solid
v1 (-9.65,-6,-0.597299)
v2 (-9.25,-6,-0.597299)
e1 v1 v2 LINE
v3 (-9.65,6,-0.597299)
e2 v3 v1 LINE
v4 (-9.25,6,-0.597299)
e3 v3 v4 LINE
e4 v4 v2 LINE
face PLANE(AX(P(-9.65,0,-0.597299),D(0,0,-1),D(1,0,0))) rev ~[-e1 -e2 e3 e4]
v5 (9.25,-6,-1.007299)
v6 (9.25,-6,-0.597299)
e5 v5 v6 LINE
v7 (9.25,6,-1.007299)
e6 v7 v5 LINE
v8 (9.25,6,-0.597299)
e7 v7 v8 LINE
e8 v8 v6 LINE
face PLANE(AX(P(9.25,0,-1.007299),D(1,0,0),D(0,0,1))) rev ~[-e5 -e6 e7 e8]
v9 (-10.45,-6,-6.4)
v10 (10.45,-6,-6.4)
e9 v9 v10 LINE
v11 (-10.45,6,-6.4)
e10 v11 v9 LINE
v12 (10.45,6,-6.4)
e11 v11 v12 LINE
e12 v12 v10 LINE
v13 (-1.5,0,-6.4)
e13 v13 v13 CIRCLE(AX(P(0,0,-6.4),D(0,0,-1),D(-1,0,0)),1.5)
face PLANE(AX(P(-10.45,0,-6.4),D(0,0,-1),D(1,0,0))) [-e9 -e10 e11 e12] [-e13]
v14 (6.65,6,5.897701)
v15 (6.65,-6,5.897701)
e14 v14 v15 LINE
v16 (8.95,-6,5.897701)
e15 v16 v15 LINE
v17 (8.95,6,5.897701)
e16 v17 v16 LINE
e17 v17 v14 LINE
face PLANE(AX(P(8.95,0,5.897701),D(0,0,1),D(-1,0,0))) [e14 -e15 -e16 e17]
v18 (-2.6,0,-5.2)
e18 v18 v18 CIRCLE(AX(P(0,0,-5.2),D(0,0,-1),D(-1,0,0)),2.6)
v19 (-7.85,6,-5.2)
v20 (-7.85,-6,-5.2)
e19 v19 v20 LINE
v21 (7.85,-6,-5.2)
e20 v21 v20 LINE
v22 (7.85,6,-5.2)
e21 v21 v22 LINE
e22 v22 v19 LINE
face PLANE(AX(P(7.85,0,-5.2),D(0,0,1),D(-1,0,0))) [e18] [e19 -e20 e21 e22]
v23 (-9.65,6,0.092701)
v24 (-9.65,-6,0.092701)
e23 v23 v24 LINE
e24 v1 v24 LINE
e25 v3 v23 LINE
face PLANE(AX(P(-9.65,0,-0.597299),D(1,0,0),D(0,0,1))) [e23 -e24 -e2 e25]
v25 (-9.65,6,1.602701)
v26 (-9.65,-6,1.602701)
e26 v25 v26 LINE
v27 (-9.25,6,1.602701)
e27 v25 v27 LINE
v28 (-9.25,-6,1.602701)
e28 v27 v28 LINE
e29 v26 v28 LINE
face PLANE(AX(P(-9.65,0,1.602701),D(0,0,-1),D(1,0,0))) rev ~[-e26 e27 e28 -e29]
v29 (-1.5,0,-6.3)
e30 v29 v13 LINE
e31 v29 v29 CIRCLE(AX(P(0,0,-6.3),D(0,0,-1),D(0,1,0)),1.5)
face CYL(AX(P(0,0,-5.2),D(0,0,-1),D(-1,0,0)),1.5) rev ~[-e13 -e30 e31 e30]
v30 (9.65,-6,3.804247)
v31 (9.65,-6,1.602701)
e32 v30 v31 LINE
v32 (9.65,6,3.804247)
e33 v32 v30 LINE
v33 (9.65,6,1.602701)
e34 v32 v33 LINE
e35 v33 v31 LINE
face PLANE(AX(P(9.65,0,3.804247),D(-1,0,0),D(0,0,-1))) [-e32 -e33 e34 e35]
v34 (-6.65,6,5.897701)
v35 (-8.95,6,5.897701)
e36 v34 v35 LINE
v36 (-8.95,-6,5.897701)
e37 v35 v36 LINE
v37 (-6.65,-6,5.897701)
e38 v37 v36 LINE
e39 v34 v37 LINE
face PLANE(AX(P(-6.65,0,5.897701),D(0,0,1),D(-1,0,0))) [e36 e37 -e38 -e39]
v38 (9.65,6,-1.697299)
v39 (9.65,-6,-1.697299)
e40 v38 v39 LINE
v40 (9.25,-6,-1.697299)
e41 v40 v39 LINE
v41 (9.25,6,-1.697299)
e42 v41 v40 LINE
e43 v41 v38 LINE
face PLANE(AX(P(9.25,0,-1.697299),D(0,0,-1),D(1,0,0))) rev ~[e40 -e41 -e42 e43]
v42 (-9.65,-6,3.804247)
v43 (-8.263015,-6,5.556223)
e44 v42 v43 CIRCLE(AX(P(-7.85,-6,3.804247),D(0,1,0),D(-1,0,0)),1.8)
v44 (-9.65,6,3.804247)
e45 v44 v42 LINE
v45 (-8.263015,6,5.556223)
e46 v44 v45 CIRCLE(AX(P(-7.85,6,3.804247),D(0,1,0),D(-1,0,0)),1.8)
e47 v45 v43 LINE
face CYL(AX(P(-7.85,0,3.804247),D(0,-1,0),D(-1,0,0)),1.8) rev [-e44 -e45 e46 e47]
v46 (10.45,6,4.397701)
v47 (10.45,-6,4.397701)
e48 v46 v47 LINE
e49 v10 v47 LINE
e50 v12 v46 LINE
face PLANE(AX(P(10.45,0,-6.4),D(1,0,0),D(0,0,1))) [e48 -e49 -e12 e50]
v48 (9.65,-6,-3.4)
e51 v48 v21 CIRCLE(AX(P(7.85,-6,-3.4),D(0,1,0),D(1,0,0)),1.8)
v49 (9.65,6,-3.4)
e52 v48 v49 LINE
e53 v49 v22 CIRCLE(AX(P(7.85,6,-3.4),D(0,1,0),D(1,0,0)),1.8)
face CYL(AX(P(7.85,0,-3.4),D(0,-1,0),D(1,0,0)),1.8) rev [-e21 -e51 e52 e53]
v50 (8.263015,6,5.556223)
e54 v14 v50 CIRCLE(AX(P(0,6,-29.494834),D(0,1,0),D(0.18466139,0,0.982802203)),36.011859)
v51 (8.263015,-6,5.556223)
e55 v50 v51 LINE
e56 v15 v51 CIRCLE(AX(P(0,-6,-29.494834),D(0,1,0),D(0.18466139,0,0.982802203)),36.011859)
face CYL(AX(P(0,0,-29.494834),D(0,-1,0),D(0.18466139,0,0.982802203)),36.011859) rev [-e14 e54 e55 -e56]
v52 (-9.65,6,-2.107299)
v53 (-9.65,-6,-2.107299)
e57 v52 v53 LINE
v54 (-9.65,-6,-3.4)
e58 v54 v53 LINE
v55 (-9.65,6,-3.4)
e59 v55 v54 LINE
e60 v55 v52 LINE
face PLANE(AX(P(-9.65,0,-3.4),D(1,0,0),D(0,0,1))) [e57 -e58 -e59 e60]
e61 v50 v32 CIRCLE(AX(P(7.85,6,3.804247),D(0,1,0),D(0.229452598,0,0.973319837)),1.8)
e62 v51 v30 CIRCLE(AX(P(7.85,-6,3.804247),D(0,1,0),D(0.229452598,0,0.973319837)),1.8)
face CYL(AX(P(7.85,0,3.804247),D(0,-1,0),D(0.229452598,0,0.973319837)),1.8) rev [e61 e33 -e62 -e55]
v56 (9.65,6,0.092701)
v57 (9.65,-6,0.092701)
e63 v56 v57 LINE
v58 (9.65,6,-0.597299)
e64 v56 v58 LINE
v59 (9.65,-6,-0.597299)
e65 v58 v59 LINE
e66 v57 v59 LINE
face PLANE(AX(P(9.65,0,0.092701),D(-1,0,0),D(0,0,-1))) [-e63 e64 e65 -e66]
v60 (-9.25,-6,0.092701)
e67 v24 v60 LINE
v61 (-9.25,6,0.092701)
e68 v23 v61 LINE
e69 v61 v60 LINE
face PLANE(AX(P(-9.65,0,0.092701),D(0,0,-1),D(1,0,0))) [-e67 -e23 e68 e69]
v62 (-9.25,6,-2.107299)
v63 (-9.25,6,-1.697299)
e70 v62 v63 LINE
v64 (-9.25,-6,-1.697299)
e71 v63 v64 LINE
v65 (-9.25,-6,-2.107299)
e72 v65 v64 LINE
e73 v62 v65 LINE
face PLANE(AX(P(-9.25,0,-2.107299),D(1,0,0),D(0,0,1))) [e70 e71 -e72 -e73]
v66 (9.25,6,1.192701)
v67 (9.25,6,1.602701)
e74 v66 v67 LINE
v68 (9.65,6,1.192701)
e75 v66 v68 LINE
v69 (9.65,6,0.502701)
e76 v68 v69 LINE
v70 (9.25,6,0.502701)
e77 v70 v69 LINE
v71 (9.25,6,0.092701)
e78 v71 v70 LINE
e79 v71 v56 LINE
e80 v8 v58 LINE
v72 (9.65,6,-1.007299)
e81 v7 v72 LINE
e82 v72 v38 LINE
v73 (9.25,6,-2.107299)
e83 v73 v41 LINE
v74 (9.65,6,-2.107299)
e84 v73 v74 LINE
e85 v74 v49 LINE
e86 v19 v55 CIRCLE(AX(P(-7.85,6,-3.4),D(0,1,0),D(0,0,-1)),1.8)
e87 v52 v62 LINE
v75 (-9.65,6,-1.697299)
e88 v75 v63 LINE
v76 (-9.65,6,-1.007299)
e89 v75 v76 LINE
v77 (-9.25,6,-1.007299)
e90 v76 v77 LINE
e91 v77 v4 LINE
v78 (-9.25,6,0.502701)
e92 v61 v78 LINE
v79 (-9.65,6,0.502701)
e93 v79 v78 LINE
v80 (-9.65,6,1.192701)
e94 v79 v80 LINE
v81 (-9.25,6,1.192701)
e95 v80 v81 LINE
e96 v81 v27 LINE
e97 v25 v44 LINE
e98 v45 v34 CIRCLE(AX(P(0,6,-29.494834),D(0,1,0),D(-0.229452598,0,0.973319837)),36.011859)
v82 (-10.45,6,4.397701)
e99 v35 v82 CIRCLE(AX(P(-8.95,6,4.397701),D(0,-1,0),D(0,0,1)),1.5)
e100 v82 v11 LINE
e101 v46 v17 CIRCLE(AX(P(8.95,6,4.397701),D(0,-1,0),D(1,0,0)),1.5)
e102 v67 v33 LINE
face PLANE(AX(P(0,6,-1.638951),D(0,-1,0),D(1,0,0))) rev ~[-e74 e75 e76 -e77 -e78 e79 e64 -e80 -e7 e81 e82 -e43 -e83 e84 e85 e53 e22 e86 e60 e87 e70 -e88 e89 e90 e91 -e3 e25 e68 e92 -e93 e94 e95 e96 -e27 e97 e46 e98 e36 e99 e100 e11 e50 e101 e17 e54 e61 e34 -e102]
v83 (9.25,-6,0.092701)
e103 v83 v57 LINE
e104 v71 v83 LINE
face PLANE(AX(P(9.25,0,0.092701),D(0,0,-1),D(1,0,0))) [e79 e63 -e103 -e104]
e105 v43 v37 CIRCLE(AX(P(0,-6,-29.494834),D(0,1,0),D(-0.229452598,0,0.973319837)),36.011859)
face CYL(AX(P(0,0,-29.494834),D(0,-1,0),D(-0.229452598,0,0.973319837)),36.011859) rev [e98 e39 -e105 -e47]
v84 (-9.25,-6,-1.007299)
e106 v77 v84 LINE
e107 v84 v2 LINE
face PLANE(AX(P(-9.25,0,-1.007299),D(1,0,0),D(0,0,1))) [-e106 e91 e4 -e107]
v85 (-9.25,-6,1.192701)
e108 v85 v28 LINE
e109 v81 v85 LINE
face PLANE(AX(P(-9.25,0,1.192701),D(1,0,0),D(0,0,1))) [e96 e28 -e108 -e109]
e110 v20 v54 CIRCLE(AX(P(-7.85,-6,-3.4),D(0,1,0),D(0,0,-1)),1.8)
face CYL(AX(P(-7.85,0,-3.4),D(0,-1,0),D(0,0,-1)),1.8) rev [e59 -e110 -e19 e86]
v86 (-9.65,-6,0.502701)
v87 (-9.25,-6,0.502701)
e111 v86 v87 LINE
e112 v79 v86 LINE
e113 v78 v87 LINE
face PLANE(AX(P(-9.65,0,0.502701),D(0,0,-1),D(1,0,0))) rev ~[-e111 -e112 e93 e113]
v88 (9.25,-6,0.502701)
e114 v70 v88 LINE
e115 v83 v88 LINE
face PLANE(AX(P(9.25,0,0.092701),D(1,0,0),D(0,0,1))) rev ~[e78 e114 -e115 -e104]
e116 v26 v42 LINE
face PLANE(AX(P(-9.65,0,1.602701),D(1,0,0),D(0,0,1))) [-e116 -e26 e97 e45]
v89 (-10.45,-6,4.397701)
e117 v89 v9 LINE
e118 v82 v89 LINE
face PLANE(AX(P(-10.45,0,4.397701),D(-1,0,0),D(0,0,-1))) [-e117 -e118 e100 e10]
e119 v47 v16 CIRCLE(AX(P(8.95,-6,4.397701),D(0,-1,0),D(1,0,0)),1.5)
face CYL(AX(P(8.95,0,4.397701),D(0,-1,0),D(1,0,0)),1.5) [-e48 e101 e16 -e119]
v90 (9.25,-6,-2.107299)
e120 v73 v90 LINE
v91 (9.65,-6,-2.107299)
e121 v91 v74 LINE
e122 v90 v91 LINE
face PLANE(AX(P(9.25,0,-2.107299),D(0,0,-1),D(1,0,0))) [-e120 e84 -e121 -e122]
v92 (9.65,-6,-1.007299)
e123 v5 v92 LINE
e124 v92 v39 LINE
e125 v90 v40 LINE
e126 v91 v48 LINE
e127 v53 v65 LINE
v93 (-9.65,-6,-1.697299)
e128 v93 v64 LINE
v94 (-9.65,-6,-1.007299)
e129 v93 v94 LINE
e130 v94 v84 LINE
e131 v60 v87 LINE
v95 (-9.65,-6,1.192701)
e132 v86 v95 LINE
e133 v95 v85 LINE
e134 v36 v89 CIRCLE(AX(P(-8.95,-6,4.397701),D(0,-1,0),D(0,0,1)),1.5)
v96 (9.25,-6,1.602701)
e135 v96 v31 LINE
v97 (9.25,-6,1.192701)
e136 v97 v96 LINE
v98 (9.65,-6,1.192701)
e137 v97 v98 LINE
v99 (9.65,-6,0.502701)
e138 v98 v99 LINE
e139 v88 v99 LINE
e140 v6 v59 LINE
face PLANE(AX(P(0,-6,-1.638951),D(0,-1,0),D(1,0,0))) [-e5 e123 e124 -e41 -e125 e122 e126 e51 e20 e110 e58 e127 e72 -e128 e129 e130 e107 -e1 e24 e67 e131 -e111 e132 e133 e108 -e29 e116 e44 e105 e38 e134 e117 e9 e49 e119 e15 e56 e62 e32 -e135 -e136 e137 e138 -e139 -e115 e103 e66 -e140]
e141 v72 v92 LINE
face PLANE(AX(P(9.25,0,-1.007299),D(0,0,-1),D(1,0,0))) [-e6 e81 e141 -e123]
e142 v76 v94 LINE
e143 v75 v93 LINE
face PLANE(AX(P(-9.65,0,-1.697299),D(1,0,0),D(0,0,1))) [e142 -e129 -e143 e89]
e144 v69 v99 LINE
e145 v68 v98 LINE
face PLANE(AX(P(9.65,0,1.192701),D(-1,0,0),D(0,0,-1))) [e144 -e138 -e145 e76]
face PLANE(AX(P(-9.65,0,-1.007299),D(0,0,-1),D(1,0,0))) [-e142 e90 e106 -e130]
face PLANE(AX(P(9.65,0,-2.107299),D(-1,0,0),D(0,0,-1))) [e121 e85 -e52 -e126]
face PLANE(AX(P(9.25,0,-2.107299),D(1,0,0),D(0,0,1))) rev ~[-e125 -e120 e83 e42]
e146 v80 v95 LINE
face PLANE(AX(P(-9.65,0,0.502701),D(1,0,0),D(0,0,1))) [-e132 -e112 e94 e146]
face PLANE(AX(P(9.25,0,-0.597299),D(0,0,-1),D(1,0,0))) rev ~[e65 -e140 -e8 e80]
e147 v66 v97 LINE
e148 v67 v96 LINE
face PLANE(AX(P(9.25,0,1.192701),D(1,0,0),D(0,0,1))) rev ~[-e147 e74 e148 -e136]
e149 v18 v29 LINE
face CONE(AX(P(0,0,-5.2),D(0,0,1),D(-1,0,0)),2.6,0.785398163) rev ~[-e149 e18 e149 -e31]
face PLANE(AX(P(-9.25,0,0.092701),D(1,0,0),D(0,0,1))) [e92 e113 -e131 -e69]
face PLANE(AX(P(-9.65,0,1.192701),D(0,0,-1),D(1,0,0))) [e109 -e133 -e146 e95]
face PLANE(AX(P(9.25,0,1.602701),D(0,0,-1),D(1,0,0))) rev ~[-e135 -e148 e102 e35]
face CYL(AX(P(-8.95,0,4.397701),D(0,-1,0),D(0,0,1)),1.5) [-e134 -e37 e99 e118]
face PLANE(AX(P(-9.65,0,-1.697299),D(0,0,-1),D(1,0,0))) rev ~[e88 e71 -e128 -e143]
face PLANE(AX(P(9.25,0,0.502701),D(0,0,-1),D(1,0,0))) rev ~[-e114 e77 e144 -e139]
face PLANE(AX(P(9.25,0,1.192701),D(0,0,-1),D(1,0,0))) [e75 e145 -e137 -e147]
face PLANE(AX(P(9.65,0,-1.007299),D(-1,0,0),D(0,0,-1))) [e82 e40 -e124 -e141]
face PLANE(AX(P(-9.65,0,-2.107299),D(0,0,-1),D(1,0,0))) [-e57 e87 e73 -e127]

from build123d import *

# Parameters (mm, degrees)
F0_W           = 0.4
F0_H           = 0.41
F1_DEPTH       = 6
F1_DEPTH_BACK  = 6
F3_D           = 3
F3_CSINK_D     = 5.2
F3_CSINK_ANGLE = 90


with BuildPart() as f1:
    # F0 (on Front) → F1 (new body, two sides)
    with BuildSketch(Plane.XZ) as f1_sk:
        with BuildLine():
            Line((7.85, -5.2), (-7.85, -5.2))
            ThreePointArc((-7.85, -5.2), (-9.1227922061, -4.6727922061), (-9.65, -3.4))
            Line((-9.65, -3.4), (-9.65, -2.1072993897))
            Line((-9.65, -2.1072993897), (-10.05, -2.1072993897))
            Line((-10.05, -2.1072993897), (-10.05, -1.6972993897))
            Line((-10.05, -1.6972993897), (-9.65, -1.6972993897))
            Line((-9.65, -1.6972993897), (-9.65, -1.0072993897))
            Line((-9.65, -1.0072993897), (-10.05, -1.0072993897))
            Line((-10.05, -1.0072993897), (-10.05, -0.5972993897))
            Line((-10.05, -0.5972993897), (-9.65, -0.5972993897))
            Line((-9.65, -0.5972993897), (-9.65, 0.0927006103))
            Line((-9.65, 0.0927006103), (-10.05, 0.0927006103))
            Line((-10.05, 0.0927006103), (-10.05, 0.5027006103))
            Line((-10.05, 0.5027006103), (-9.65, 0.5027006103))
            Line((-9.65, 0.5027006103), (-9.65, 1.1927006103))
            Line((-9.65, 1.1927006103), (-10.05, 1.1927006103))
            Line((-10.05, 1.1927006103), (-10.05, 1.6027006103))
            Line((-10.05, 1.6027006103), (-9.65, 1.6027006103))
            Line((-9.65, 1.6027006103), (-9.65, 3.8042472626))
            ThreePointArc((-9.65, 3.8042472626), (-9.2612806979, 4.9215148186), (-8.2630146759, 5.5562229695))
            ThreePointArc((-8.2630146759, 5.5562229695), (-7.4584618673, 5.736194267), (-6.65, 5.8977006103))
            Line((-6.65, 5.8977006103), (-8.95, 5.8977006103))
            ThreePointArc((-8.95, 5.8977006103), (-10.0106601718, 5.4583607821), (-10.45, 4.3977006103))
            Line((-10.45, 4.3977006103), (-10.45, -6.4))
            Line((-10.45, -6.4), (10.45, -6.4))
            Line((10.45, -6.4), (10.45, 4.3977006103))
            ThreePointArc((10.45, 4.3977006103), (10.0106601718, 5.4583607821), (8.95, 5.8977006103))
            Line((8.95, 5.8977006103), (6.65, 5.8977006103))
            ThreePointArc((6.65, 5.8977006103), (7.4584618673, 5.736194267), (8.2630146759, 5.5562229695))
            ThreePointArc((8.2630146759, 5.5562229695), (9.2612806979, 4.9215148186), (9.65, 3.8042472626))
            Line((9.65, 3.8042472626), (9.65, 1.6027006103))
            Line((9.65, 1.6027006103), (10.05, 1.6027006103))
            Line((10.05, 1.6027006103), (10.05, 1.1927006103))
            Line((10.05, 1.1927006103), (9.65, 1.1927006103))
            Line((9.65, 1.1927006103), (9.65, 0.5027006103))
            Line((9.65, 0.5027006103), (10.05, 0.5027006103))
            Line((10.05, 0.5027006103), (10.05, 0.0927006103))
            Line((10.05, 0.0927006103), (9.65, 0.0927006103))
            Line((9.65, 0.0927006103), (9.65, -0.5972993897))
            Line((9.65, -0.5972993897), (10.05, -0.5972993897))
            Line((10.05, -0.5972993897), (10.05, -1.0072993897))
            Line((10.05, -1.0072993897), (9.65, -1.0072993897))
            Line((9.65, -1.0072993897), (9.65, -1.6972993897))
            Line((9.65, -1.6972993897), (10.05, -1.6972993897))
            Line((10.05, -1.6972993897), (10.05, -2.1072993897))
            Line((10.05, -2.1072993897), (9.65, -2.1072993897))
            Line((9.65, -2.1072993897), (9.65, -3.4))
            ThreePointArc((9.65, -3.4), (9.1227922061, -4.6727922061), (7.85, -5.2))
        make_face()
        with Locations((-9.85, -1.9022993897)):
            Rectangle(F0_W, F0_H)
        with Locations((-9.45, -1.9022993897)):
            Rectangle(F0_W, F0_H)
        with Locations((9.45, -1.9022993897)):
            Rectangle(F0_W, F0_H)
        with Locations((9.85, -1.9022993897)):
            Rectangle(F0_W, F0_H)
        with Locations((-9.85, -0.8022993897)):
            Rectangle(F0_W, F0_H)
        with Locations((-9.45, -0.8022993897)):
            Rectangle(F0_W, F0_H)
        with Locations((9.45, -0.8022993897)):
            Rectangle(F0_W, F0_H)
        with Locations((9.85, -0.8022993897)):
            Rectangle(F0_W, F0_H)
        with Locations((-9.85, 0.2977006103)):
            Rectangle(F0_W, F0_H)
        with Locations((-9.45, 0.2977006103)):
            Rectangle(F0_W, F0_H)
        with Locations((9.45, 0.2977006103)):
            Rectangle(F0_W, F0_H)
        with Locations((9.85, 0.2977006103)):
            Rectangle(F0_W, F0_H)
        with Locations((-9.85, 1.3977006103)):
            Rectangle(F0_W, F0_H)
        with Locations((-9.45, 1.3977006103)):
            Rectangle(F0_W, F0_H)
        with Locations((9.45, 1.3977006103)):
            Rectangle(F0_W, F0_H)
        with Locations((9.85, 1.3977006103)):
            Rectangle(F0_W, F0_H)
    extrude(amount=F1_DEPTH)
    extrude(f1_sk.sketch, amount=-F1_DEPTH_BACK)

    # F3 (through all)
    with Locations(Plane.XY.offset(-5.2)):
        with Locations((0, 0)):
            CounterSinkHole(F3_D / 2, F3_CSINK_D / 2, counter_sink_angle=F3_CSINK_ANGLE)


solid = f1.part
